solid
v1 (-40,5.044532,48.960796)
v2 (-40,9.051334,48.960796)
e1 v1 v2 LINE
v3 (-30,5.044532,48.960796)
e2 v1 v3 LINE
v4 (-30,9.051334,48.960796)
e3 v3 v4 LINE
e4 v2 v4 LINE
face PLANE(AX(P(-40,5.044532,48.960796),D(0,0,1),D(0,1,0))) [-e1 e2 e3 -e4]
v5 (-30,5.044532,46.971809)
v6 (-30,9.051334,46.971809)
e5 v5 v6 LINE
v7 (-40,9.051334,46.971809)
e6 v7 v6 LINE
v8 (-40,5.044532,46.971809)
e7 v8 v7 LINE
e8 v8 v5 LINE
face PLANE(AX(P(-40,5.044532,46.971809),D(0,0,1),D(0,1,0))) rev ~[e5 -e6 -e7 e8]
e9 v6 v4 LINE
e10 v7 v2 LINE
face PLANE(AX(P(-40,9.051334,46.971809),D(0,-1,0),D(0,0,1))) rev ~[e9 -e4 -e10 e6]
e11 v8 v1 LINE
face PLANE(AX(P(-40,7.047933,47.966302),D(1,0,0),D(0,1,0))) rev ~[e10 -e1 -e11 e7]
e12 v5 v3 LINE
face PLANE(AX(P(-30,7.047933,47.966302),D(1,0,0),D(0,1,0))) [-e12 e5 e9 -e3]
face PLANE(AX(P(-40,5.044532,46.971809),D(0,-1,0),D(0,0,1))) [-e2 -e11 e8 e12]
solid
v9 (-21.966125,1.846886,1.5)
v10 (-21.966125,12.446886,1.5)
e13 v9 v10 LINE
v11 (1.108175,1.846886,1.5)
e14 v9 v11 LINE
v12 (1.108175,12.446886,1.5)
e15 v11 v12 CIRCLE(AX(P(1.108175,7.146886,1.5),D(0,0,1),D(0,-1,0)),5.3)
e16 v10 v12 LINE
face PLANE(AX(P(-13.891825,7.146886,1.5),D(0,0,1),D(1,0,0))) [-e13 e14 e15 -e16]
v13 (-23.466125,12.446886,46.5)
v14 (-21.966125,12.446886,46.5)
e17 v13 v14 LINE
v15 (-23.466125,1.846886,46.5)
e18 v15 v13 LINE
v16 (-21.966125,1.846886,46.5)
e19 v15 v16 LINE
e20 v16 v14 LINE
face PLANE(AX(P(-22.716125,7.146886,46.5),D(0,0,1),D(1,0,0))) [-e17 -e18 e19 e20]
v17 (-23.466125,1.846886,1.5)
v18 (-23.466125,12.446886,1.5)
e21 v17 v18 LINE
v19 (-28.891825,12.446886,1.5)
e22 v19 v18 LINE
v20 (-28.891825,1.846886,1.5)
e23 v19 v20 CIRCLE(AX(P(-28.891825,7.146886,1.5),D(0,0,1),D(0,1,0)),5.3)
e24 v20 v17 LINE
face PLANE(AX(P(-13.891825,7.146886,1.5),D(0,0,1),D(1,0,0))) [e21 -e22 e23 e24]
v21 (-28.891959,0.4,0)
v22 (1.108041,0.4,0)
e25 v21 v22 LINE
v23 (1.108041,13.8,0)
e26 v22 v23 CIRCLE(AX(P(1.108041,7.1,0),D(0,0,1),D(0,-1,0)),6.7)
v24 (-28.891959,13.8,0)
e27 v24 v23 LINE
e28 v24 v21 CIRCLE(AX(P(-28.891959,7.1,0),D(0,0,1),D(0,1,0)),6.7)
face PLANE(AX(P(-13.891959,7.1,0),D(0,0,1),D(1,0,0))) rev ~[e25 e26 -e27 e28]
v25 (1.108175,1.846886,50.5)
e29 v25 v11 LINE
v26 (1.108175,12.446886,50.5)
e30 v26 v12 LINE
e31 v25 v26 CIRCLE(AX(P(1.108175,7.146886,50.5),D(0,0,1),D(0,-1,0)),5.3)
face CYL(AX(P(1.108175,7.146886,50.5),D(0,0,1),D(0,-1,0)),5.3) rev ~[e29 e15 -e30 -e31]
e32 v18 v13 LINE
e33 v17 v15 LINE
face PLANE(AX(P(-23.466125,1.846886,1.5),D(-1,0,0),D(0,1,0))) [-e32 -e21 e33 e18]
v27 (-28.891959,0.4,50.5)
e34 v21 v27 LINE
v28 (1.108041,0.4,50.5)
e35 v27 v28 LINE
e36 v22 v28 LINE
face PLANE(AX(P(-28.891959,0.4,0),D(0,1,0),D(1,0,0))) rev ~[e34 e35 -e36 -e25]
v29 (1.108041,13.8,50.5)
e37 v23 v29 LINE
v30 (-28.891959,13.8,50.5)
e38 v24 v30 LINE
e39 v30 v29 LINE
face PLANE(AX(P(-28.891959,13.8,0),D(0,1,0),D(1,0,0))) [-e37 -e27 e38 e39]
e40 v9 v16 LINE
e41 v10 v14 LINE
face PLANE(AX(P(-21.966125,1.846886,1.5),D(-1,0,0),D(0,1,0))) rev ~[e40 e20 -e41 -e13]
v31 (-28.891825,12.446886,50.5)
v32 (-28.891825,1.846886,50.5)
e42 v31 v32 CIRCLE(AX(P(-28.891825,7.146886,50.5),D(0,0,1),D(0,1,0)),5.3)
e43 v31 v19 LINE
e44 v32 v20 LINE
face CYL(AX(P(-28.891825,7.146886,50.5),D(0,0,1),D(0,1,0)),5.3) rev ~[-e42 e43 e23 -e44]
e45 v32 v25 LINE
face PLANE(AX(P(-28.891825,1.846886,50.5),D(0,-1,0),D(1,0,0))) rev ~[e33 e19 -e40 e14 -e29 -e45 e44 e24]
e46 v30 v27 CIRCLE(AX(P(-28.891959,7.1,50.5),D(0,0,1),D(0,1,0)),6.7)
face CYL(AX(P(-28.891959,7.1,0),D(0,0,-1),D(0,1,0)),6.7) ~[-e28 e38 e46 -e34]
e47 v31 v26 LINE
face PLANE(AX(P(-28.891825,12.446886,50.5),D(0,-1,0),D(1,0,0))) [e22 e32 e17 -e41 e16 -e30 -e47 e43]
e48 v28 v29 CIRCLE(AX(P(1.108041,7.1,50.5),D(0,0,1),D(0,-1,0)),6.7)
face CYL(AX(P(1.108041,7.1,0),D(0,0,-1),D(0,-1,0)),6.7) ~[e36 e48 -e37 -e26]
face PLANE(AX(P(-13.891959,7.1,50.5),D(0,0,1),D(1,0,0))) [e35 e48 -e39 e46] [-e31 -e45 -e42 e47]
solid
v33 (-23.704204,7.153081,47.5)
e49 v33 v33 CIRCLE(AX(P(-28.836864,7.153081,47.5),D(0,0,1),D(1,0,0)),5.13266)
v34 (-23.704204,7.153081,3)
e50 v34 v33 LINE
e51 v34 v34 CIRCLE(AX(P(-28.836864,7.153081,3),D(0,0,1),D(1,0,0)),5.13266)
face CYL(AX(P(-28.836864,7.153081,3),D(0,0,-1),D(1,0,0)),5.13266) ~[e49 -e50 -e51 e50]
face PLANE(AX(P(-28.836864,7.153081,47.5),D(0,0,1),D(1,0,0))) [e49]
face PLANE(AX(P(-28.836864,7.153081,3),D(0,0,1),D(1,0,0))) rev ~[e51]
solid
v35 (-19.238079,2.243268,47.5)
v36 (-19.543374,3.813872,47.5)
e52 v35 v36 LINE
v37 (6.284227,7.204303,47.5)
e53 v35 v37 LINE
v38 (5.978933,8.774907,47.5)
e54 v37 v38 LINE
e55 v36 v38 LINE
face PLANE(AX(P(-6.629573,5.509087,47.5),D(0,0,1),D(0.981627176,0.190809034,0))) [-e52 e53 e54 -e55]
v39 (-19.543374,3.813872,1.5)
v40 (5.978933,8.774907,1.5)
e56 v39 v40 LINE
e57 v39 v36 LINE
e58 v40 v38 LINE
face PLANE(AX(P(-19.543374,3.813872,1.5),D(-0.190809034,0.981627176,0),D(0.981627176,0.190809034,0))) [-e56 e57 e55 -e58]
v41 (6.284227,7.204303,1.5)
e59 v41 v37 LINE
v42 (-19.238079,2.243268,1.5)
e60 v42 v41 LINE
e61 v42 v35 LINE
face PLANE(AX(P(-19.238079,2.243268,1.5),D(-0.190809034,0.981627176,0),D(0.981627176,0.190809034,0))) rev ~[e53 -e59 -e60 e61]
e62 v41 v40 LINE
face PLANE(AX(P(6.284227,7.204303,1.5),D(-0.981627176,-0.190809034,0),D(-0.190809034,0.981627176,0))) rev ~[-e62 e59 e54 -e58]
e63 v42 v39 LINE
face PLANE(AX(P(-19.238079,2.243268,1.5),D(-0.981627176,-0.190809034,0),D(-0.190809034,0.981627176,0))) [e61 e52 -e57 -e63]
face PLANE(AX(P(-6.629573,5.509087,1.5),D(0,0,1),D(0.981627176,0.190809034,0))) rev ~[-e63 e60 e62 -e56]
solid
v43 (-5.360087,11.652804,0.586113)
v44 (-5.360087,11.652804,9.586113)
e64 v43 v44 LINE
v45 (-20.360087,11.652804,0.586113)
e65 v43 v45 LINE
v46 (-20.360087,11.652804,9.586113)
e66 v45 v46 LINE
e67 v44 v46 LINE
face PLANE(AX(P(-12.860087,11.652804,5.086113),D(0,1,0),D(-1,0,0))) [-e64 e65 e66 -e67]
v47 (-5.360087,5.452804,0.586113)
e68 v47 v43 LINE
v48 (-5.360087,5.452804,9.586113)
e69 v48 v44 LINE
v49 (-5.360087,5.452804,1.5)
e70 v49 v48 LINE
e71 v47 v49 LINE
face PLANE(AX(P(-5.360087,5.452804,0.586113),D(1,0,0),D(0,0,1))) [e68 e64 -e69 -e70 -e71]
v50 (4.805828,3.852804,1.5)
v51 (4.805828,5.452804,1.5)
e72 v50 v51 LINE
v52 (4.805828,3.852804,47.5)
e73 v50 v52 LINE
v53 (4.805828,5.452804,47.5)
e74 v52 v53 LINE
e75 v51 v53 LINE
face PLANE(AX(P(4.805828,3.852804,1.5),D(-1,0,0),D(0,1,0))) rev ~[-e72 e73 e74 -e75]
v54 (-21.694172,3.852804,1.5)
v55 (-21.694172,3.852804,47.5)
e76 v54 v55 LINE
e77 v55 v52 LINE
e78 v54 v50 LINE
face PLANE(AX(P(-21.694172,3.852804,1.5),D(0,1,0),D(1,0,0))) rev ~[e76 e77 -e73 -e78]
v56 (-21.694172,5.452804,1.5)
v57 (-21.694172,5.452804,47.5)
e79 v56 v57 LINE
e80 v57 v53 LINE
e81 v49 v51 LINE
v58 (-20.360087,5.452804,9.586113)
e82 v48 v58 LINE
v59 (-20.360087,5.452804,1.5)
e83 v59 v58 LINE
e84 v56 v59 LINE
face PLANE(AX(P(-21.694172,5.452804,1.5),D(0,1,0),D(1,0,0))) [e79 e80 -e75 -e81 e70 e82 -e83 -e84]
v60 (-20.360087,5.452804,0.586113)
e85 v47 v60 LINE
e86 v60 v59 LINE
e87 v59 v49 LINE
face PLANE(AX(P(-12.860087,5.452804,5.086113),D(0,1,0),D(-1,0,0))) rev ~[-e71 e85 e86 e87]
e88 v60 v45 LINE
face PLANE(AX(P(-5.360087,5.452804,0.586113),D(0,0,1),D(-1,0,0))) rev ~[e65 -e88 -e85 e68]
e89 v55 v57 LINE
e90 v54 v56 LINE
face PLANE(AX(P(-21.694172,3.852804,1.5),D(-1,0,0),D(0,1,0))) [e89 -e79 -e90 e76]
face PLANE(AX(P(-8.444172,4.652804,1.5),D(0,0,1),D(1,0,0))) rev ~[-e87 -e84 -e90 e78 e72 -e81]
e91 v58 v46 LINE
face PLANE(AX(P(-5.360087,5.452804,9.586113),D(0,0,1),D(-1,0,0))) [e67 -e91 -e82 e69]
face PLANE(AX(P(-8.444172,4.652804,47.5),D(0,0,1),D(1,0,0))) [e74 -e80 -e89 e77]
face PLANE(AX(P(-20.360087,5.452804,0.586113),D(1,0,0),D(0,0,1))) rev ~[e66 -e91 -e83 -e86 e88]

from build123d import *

# Parameters (mm, degrees)
SKETCH003_R     = 5.13266
PAD002_DEPTH    = 44.5
SKETCH004_W     = 26
SKETCH004_H     = 1.6
PAD003_DEPTH    = 46
SKETCH002_W     = 26.5
SKETCH002_H     = 1.6
PAD001_DEPTH    = 46
SKETCH006_W     = 15
SKETCH006_H     = 9
PAD005_DEPTH    = 6.2
SKETCH008_W     = 4.006802
SKETCH008_H     = 1.988987
PAD006_DEPTH    = 10
PAD_DEPTH       = 50.5
POCKET_DEPTH    = 49
SKETCH005_W     = 1.5
SKETCH005_H     = 10.6
PAD004_DEPTH    = 45
POCKET001_DEPTH = 0.1


with BuildPart() as pad002:
    # Sketch003 → Pad002 (new body)
    with BuildSketch(Plane.XY.offset(3)):
        with Locations((-28.836864, 7.153081)):
            Circle(SKETCH003_R)
    extrude(amount=PAD002_DEPTH)


with BuildPart() as pcb001:
    # Sketch004 → Pad003 (new body)
    with BuildSketch(Plane(origin=(2.5, 2.5, 1.5), x_dir=(0.981627, 0.190809, 0), z_dir=(0, 0, 1))):
        with Locations((-8.387676, 4.695807)):
            Rectangle(SKETCH004_W, SKETCH004_H)
    extrude(amount=PAD003_DEPTH)


with BuildPart() as pad005:
    # Sketch002 → Pad001 (new body)
    with BuildSketch(Plane.XY.offset(1.5)):
        with Locations((-8.444172, 4.652804)):
            Rectangle(SKETCH002_W, SKETCH002_H)
    extrude(amount=PAD001_DEPTH)

    # Sketch006 → Pad005 (new body)
    with BuildSketch(Plane(origin=(0, 5.452804, 1.5), x_dir=(-1, 0, 0), z_dir=(0, 1, 0))):
        with Locations((12.860087, 3.586113)):
            Rectangle(SKETCH006_W, SKETCH006_H)
    extrude(amount=PAD005_DEPTH)


with BuildPart() as pad006:
    # Sketch008 → Pad006 (new body)
    with BuildSketch(Plane.YZ.offset(-40)):
        with Locations((7.047933, 47.966302)):
            Rectangle(SKETCH008_W, SKETCH008_H)
    extrude(amount=PAD006_DEPTH)


with BuildPart() as pocket001:
    # Sketch → Pad (new body)
    with BuildSketch(Plane.XY):
        with BuildLine():
            ThreePointArc((-28.891959, 13.8), (-35.591959, 7.1), (-28.891959, 0.4))
            Line((-28.891959, 0.4), (1.108041, 0.4))
            ThreePointArc((1.108041, 0.4), (7.808041, 7.1), (1.108041, 13.8))
            Line((-28.891959, 13.8), (1.108041, 13.8))
        make_face()
    extrude(amount=PAD_DEPTH)

    # Sketch001 → Pocket (cut)
    with BuildSketch(Plane.XY.offset(50.5)):
        with BuildLine():
            ThreePointArc((-28.891825, 12.446886), (-34.191825, 7.146886), (-28.891825, 1.846886))
            Line((-28.891825, 1.846886), (1.108175, 1.846886))
            ThreePointArc((1.108175, 1.846886), (6.408175, 7.146886), (1.108175, 12.446886))
            Line((-28.891825, 12.446886), (1.108175, 12.446886))
        make_face()
    extrude(amount=-POCKET_DEPTH, mode=Mode.SUBTRACT)

    # Sketch005 → Pad004 (new body)
    with BuildSketch(Plane.XY.offset(1.5)):
        with Locations((-22.716125, 7.146886)):
            Rectangle(SKETCH005_W, SKETCH005_H)
    extrude(amount=PAD004_DEPTH)

    # Sketch011 → Pocket001 (cut)
    with BuildSketch(Plane.XZ.offset(-0.4)):
        Polygon((14.793986, -20.792818), (13.411034, -26.935513), (12.621883, -26.171735), (11.94296, -25.207525), (11.08545, -24.097188), (8.452741, -23.958813), (8.422468, -24.490499), (8.834792, -24.988598), (9.825957, -25.924281), (13.210079, -28.957981), (15.030163, -30.315768), (16.969824, -31.495613), (18.235936, -31.987684), (18.888622, -32.003044), (19.523693, -31.731931), (21.591777, -30.604874), (23.505606, -29.241662), (26.977621, -26.063349), (28.961779, -23.940885), (29.851076, -22.79651), (30.589569, -21.645668), (28.135459, -22.505372), (25.746597, -23.625963), (23.588796, -23.88511), (21.406931, -23.953982), (20.88194, -23.958284), (20.646882, -24.000019), (18.514561, -28.91311), (18.132936, -27.761468), (17.905202, -26.442973), (16.987348, -21.373109), (16.562578, -18.735981), (15.918144, -15.191777), align=None)
        Polygon((24.885442, -9.044156), (23.226489, -9.234893), (21.639737, -9.74272), (20.181279, -10.546771), (18.907225, -11.626168), (18.478836, -11.940664), (18.069752, -11.605503), (16.476297, -10.276901), (14.585337, -9.434502), (12.536602, -9.07988), (10.469822, -9.214593), (8.868519, -9.954583), (7.506169, -11.055596), (6.399945, -12.427805), (5.567025, -13.981367), (5.187227, -14.999311), (5.058423, -16.074702), (5.180349, -18.254911), (5.924106, -20.528477), (7.100912, -22.617368), (7.718313, -22.952134), (8.416316, -23.06212), (9.854623, -23.107228), (11.685653, -23.179563), (12.903034, -25.098662), (15.740468, -11.887011), (16.193658, -13.299948), (16.49075, -14.877858), (18.766652, -26.831701), (19.457033, -25.023303), (20.058454, -23.179563), (25.368728, -22.965416), (28.213029, -21.597066), (31.158393, -20.479002), (31.768165, -18.425168), (31.939442, -16.295144), (31.881271, -15.106143), (31.532531, -13.97897), (30.34979, -11.912878), (29.276868, -10.718805), (27.967111, -9.80201), (26.48261, -9.223474), align=None)
    extrude(amount=-POCKET001_DEPTH, mode=Mode.SUBTRACT)


solid = Compound([pad002.part, pcb001.part, pad005.part, pad006.part, pocket001.part])
